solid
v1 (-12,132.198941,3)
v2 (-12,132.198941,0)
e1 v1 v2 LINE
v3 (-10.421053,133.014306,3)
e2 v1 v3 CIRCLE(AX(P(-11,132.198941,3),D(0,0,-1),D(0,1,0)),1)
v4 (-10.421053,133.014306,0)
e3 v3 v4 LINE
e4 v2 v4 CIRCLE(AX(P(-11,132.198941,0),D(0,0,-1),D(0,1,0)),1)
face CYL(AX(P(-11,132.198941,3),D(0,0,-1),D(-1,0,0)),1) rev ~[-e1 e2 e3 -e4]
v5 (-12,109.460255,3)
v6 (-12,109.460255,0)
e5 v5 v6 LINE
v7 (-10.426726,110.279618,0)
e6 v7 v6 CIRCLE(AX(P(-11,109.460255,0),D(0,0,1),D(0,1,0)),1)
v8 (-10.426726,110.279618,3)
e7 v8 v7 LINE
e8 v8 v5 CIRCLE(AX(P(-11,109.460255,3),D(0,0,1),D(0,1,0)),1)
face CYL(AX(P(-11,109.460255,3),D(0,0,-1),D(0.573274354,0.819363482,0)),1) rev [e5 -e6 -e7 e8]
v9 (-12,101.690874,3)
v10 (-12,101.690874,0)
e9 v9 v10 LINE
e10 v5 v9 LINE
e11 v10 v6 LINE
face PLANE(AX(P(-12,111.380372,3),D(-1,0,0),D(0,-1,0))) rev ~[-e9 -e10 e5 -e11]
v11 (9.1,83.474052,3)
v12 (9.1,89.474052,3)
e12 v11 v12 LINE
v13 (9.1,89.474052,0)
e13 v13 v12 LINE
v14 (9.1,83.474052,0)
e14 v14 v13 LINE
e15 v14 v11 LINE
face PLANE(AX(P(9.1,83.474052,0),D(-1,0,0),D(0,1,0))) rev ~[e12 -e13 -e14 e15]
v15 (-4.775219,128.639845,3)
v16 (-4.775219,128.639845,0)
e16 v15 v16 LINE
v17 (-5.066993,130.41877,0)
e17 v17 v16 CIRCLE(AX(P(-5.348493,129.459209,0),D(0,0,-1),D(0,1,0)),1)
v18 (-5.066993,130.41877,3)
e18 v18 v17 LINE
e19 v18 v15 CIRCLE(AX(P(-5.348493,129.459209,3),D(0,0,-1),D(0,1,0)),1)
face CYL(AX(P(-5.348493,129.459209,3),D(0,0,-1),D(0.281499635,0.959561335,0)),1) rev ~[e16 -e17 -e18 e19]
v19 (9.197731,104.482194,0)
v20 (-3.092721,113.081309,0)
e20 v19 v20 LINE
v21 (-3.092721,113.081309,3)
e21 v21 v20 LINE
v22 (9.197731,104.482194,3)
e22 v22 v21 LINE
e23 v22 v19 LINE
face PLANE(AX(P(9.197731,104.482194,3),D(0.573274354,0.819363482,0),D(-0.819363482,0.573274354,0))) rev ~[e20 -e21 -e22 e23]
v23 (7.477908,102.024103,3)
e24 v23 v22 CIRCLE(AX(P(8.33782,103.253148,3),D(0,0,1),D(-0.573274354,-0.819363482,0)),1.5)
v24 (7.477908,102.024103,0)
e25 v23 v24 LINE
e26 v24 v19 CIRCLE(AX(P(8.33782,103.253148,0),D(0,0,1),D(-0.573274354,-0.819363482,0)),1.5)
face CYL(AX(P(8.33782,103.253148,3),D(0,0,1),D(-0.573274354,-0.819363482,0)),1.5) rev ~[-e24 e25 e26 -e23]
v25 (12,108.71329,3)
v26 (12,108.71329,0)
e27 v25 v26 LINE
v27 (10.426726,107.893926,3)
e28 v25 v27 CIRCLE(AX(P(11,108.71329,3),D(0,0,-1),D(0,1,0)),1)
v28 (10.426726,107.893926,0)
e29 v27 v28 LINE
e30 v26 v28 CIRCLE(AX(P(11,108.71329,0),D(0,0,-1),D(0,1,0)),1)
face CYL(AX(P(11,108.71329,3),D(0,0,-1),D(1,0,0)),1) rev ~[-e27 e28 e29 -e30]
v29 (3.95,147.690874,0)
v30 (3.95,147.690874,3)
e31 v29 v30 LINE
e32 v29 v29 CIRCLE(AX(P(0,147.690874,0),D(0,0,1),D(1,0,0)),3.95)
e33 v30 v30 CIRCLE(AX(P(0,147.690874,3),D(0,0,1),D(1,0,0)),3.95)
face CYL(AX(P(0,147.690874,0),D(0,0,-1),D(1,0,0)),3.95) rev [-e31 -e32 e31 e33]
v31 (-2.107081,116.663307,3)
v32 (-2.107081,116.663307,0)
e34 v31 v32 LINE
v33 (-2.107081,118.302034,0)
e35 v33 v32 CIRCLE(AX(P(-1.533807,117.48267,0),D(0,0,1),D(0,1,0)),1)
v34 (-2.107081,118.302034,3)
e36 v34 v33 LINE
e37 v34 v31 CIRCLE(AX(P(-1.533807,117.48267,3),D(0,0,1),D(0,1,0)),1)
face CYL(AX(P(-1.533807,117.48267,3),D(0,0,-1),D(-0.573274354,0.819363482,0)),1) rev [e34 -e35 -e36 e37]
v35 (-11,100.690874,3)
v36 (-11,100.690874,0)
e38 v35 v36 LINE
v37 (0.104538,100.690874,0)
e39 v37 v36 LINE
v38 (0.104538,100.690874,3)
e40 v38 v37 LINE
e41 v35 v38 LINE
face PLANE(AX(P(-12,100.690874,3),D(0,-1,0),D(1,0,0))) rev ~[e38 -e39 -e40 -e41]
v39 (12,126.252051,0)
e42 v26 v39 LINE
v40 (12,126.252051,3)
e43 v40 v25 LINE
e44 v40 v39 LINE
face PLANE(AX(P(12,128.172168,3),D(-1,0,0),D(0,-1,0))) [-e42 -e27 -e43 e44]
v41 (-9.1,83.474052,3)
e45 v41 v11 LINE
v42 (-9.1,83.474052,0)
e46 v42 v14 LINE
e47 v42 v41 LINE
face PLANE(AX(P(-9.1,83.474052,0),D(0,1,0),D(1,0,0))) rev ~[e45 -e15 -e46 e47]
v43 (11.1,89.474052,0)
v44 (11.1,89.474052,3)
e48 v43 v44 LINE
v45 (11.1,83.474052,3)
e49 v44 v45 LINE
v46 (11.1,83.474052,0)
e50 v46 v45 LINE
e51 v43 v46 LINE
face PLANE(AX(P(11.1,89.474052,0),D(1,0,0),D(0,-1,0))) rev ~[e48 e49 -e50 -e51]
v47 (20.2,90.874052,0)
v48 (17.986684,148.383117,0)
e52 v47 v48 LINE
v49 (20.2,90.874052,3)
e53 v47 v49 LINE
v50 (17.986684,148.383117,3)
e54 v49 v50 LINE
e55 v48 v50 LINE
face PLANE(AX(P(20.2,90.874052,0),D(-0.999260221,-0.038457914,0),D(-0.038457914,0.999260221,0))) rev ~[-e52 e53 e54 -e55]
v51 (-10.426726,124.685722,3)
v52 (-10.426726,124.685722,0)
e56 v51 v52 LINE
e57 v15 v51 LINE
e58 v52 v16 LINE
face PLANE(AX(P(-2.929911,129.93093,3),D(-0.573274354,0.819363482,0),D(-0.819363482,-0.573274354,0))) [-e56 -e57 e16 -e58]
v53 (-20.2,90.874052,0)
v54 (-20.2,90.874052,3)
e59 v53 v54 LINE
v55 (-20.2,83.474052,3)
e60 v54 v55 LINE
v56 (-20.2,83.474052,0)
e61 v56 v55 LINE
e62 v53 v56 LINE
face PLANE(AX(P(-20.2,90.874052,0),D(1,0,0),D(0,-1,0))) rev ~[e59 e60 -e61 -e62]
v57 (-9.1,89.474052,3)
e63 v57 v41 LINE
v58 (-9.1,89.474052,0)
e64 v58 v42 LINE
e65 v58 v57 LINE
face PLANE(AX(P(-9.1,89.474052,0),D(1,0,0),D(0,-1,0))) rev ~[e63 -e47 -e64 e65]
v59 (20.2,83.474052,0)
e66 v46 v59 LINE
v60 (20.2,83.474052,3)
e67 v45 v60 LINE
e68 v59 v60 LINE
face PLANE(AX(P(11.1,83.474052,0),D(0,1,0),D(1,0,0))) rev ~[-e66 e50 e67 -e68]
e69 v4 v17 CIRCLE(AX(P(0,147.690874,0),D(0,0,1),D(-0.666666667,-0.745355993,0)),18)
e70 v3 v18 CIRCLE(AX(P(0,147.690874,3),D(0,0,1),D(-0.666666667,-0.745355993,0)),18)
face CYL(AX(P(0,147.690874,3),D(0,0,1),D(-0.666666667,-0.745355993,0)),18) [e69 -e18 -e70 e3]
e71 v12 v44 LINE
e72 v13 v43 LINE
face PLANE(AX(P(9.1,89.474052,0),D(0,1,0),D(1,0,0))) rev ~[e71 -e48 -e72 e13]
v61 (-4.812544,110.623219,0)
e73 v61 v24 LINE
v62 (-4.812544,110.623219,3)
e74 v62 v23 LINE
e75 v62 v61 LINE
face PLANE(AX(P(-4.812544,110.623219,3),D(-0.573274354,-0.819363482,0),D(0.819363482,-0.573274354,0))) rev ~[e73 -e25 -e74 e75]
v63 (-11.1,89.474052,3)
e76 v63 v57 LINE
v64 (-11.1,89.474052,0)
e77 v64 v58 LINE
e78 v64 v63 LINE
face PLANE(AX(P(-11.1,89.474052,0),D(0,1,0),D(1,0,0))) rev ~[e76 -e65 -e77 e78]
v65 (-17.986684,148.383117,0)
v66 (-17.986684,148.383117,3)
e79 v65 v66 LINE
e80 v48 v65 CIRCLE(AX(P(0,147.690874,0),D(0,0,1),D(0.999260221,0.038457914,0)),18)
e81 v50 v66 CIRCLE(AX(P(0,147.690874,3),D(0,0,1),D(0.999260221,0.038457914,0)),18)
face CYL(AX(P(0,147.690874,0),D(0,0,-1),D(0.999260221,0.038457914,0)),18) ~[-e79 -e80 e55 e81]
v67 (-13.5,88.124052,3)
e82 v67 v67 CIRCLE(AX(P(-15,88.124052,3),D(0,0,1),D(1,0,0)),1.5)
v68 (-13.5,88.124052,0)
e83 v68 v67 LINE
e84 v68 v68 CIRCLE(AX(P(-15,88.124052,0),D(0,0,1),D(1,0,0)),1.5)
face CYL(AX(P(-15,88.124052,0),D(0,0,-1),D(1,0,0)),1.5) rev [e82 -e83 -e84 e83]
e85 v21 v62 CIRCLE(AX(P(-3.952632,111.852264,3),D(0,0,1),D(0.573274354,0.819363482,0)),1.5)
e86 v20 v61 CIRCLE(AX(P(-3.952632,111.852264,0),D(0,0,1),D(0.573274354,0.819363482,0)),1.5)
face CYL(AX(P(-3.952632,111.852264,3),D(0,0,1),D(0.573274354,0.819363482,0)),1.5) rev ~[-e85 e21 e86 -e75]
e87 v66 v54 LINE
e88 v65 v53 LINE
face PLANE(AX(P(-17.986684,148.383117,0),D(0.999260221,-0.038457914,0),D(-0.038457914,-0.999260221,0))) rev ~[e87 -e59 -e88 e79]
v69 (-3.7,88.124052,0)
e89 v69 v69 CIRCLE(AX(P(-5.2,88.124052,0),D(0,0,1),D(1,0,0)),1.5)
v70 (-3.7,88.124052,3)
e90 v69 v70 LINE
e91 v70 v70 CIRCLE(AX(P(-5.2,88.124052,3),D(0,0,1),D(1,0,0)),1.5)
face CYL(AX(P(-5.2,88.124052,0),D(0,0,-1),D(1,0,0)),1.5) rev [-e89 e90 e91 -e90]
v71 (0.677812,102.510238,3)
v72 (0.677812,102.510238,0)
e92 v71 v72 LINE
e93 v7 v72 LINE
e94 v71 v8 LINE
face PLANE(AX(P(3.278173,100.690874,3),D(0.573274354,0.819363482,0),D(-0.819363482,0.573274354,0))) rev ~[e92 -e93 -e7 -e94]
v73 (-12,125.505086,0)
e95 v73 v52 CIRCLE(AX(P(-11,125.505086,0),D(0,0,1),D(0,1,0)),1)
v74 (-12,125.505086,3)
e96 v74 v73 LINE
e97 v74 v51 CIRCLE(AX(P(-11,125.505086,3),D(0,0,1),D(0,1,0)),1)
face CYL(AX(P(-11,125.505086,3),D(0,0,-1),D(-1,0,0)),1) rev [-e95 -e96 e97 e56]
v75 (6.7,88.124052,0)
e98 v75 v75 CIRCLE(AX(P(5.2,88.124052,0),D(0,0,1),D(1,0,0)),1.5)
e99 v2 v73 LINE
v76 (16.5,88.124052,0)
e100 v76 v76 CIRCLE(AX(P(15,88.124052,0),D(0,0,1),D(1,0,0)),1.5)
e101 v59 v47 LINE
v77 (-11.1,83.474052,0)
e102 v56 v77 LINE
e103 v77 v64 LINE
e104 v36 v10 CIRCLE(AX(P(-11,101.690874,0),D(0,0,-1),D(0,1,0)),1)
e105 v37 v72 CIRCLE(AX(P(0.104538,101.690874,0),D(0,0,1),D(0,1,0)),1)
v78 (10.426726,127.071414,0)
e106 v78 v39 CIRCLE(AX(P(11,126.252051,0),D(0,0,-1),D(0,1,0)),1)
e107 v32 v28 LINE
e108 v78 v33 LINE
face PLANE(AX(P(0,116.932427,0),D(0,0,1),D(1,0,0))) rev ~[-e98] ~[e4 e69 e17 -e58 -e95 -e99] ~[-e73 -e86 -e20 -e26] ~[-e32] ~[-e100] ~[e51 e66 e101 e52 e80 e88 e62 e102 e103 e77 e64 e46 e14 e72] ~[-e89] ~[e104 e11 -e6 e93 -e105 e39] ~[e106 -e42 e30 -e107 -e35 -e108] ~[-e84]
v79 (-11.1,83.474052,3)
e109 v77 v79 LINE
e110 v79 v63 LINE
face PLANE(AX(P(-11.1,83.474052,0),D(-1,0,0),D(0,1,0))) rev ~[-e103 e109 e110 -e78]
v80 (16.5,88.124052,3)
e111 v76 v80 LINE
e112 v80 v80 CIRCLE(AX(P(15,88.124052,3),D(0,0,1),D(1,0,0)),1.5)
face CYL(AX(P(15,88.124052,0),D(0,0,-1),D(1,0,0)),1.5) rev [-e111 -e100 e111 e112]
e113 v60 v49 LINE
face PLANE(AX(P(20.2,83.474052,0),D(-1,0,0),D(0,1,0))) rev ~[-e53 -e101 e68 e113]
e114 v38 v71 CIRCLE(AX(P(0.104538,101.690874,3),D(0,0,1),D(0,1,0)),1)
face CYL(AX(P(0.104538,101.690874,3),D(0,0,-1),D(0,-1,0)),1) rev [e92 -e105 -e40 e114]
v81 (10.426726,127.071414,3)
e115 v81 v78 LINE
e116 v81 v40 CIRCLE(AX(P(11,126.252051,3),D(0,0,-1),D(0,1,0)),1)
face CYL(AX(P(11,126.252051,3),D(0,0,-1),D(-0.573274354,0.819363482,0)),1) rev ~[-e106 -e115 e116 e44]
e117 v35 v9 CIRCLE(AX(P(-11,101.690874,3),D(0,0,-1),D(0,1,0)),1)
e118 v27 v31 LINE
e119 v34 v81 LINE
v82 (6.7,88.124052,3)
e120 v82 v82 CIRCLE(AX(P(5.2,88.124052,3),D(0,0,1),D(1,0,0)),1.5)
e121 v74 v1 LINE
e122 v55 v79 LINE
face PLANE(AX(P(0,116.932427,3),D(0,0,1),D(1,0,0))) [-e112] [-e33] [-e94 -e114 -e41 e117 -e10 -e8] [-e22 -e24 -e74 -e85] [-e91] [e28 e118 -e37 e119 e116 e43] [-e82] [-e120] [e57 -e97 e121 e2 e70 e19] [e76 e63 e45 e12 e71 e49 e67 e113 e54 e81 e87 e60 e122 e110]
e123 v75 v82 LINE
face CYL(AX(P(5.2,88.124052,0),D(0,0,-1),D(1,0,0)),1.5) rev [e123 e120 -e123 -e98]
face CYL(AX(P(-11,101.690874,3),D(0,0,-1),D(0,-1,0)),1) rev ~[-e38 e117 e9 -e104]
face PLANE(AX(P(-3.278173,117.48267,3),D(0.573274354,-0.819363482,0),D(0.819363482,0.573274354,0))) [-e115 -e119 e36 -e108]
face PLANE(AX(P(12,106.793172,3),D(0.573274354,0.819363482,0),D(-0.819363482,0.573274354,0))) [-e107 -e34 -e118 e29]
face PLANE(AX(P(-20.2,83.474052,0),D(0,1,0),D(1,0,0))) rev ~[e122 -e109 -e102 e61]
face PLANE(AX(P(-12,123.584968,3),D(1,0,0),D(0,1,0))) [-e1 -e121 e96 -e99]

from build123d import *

# Parameters (mm, degrees)
SKETCH1_R               = 1.5
SKETCH1_R_2             = 3.95
MAIN_BODY_LINK_B1_DEPTH = 3
CUT_EXTRUDE1_REACH      = 168.945
PULLEYIDLER_DEPTH       = 3
FILLET1_R               = 1


with BuildPart() as part:
    # Sketch1 → Main Body Link B1 (new body)
    with BuildSketch(Plane.XY):
        with BuildLine():
            Line((0, 83.474052381), (9.1, 83.474052381))
            Line((9.1, 83.474052381), (9.1, 89.474052381))
            Line((9.1, 89.474052381), (11.1, 89.474052381))
            Line((11.1, 89.474052381), (11.1, 83.474052381))
            Line((11.1, 83.474052381), (20.2, 83.474052381))
            Line((20.2, 83.474052381), (20.2, 90.874052381))
            Line((20.2, 90.874052381), (17.986683974, 148.383116621))
            ThreePointArc((17.986683974, 148.383116621), (0, 165.690874165), (-17.986683974, 148.383116621))
            Line((-17.986683974, 148.383116621), (-20.2, 90.874052381))
            Line((-20.2, 90.874052381), (-20.2, 83.474052381))
            Line((-20.2, 83.474052381), (-11.1, 83.474052381))
            Line((-11.1, 83.474052381), (-11.1, 89.474052381))
            Line((-11.1, 89.474052381), (-9.1, 89.474052381))
            Line((-9.1, 89.474052381), (-9.1, 83.474052381))
            Line((-9.1, 83.474052381), (0, 83.474052381))
        make_face()
        with Locations((5.2, 88.124052381)):
            Circle(SKETCH1_R, mode=Mode.SUBTRACT)
        with Locations((15, 88.124052381)):
            Circle(SKETCH1_R, mode=Mode.SUBTRACT)
        with Locations((-15, 88.124052381)):
            Circle(SKETCH1_R, mode=Mode.SUBTRACT)
        with Locations((-5.2, 88.124052381)):
            Circle(SKETCH1_R, mode=Mode.SUBTRACT)
        with Locations((0, 147.690874165)):
            Circle(SKETCH1_R_2, mode=Mode.SUBTRACT)
    extrude(amount=MAIN_BODY_LINK_B1_DEPTH)

    # Sketch2 → Cut-Extrude1 (cut, up to next)
    with BuildSketch(Plane.XY.offset(3), mode=Mode.PRIVATE) as cut_extrude1_sk1:
        Polygon((-3.278172542, 117.482670232), (12, 128.172168466), (12, 106.793171999), align=None)
    cut_extrude1_tool1 = extrude(cut_extrude1_sk1.sketch, amount=-CUT_EXTRUDE1_REACH, mode=Mode.PRIVATE) & part.part
    # Sketch2 → Cut-Extrude1 (cut, up to next)
    with BuildSketch(Plane.XY.offset(3), mode=Mode.PRIVATE) as cut_extrude1_sk2:
        with BuildLine():
            ThreePointArc((-12, 134.2744663), (-7.774454217, 131.456408925), (-2.929911079, 129.930929878))
            Line((-2.929911079, 129.930929878), (-12, 123.584968066))
            Line((-12, 123.584968066), (-12, 134.2744663))
        make_face()
    cut_extrude1_tool2 = extrude(cut_extrude1_sk2.sketch, amount=-CUT_EXTRUDE1_REACH, mode=Mode.PRIVATE) & part.part
    # Sketch2 → Cut-Extrude1 (cut, up to next)
    with BuildSketch(Plane.XY.offset(3), mode=Mode.PRIVATE) as cut_extrude1_sk3:
        Polygon((-12, 111.380372399), (-12, 100.690874165), (3.278172542, 100.690874165), align=None)
    cut_extrude1_tool3 = extrude(cut_extrude1_sk3.sketch, amount=-CUT_EXTRUDE1_REACH, mode=Mode.PRIVATE) & part.part
    add(cut_extrude1_tool1.solids().sort_by_distance((6.907276, 117.48267, 3))[0], mode=Mode.SUBTRACT)
    add(cut_extrude1_tool2.solids().sort_by_distance((-9.12997, 128.978342, 3))[0], mode=Mode.SUBTRACT)
    add(cut_extrude1_tool3.solids().sort_by_distance((-6.907276, 104.25404, 3))[0], mode=Mode.SUBTRACT)

    # Sketch3 → PulleyIdler (cut)
    with BuildSketch(Plane.XY.offset(3)):
        with BuildLine():
            Line((-4.812543936, 110.623218529), (7.477908291, 102.024103222))
            ThreePointArc((7.477908291, 102.024103222), (9.566865044, 102.393236914), (9.197731352, 104.482193668))
            Line((9.197731352, 104.482193668), (-3.092720875, 113.081308975))
            ThreePointArc((-3.092720875, 113.081308975), (-5.181677628, 112.712175283), (-4.812543936, 110.623218529))
        make_face()
    extrude(amount=-PULLEYIDLER_DEPTH, mode=Mode.SUBTRACT)

    # Fillet1
    fillet1_edges = [part.edges().sort_by_distance(p)[0] for p in [
        (-3.278172542, 117.482670232, 1.5),
        (12, 128.172168466, 1.5),
        (12, 106.793171999, 1.5),
        (-12, 134.2744663, 1.5),
        (-2.929911079, 129.930929878, 1.5),
        (-12, 123.584968066, 1.5),
        (-12, 111.380372399, 1.5),
        (3.278172542, 100.690874165, 1.5),
        (-12, 100.690874165, 1.5),
    ]]
    fillet(fillet1_edges, radius=FILLET1_R)


solid = part.part
